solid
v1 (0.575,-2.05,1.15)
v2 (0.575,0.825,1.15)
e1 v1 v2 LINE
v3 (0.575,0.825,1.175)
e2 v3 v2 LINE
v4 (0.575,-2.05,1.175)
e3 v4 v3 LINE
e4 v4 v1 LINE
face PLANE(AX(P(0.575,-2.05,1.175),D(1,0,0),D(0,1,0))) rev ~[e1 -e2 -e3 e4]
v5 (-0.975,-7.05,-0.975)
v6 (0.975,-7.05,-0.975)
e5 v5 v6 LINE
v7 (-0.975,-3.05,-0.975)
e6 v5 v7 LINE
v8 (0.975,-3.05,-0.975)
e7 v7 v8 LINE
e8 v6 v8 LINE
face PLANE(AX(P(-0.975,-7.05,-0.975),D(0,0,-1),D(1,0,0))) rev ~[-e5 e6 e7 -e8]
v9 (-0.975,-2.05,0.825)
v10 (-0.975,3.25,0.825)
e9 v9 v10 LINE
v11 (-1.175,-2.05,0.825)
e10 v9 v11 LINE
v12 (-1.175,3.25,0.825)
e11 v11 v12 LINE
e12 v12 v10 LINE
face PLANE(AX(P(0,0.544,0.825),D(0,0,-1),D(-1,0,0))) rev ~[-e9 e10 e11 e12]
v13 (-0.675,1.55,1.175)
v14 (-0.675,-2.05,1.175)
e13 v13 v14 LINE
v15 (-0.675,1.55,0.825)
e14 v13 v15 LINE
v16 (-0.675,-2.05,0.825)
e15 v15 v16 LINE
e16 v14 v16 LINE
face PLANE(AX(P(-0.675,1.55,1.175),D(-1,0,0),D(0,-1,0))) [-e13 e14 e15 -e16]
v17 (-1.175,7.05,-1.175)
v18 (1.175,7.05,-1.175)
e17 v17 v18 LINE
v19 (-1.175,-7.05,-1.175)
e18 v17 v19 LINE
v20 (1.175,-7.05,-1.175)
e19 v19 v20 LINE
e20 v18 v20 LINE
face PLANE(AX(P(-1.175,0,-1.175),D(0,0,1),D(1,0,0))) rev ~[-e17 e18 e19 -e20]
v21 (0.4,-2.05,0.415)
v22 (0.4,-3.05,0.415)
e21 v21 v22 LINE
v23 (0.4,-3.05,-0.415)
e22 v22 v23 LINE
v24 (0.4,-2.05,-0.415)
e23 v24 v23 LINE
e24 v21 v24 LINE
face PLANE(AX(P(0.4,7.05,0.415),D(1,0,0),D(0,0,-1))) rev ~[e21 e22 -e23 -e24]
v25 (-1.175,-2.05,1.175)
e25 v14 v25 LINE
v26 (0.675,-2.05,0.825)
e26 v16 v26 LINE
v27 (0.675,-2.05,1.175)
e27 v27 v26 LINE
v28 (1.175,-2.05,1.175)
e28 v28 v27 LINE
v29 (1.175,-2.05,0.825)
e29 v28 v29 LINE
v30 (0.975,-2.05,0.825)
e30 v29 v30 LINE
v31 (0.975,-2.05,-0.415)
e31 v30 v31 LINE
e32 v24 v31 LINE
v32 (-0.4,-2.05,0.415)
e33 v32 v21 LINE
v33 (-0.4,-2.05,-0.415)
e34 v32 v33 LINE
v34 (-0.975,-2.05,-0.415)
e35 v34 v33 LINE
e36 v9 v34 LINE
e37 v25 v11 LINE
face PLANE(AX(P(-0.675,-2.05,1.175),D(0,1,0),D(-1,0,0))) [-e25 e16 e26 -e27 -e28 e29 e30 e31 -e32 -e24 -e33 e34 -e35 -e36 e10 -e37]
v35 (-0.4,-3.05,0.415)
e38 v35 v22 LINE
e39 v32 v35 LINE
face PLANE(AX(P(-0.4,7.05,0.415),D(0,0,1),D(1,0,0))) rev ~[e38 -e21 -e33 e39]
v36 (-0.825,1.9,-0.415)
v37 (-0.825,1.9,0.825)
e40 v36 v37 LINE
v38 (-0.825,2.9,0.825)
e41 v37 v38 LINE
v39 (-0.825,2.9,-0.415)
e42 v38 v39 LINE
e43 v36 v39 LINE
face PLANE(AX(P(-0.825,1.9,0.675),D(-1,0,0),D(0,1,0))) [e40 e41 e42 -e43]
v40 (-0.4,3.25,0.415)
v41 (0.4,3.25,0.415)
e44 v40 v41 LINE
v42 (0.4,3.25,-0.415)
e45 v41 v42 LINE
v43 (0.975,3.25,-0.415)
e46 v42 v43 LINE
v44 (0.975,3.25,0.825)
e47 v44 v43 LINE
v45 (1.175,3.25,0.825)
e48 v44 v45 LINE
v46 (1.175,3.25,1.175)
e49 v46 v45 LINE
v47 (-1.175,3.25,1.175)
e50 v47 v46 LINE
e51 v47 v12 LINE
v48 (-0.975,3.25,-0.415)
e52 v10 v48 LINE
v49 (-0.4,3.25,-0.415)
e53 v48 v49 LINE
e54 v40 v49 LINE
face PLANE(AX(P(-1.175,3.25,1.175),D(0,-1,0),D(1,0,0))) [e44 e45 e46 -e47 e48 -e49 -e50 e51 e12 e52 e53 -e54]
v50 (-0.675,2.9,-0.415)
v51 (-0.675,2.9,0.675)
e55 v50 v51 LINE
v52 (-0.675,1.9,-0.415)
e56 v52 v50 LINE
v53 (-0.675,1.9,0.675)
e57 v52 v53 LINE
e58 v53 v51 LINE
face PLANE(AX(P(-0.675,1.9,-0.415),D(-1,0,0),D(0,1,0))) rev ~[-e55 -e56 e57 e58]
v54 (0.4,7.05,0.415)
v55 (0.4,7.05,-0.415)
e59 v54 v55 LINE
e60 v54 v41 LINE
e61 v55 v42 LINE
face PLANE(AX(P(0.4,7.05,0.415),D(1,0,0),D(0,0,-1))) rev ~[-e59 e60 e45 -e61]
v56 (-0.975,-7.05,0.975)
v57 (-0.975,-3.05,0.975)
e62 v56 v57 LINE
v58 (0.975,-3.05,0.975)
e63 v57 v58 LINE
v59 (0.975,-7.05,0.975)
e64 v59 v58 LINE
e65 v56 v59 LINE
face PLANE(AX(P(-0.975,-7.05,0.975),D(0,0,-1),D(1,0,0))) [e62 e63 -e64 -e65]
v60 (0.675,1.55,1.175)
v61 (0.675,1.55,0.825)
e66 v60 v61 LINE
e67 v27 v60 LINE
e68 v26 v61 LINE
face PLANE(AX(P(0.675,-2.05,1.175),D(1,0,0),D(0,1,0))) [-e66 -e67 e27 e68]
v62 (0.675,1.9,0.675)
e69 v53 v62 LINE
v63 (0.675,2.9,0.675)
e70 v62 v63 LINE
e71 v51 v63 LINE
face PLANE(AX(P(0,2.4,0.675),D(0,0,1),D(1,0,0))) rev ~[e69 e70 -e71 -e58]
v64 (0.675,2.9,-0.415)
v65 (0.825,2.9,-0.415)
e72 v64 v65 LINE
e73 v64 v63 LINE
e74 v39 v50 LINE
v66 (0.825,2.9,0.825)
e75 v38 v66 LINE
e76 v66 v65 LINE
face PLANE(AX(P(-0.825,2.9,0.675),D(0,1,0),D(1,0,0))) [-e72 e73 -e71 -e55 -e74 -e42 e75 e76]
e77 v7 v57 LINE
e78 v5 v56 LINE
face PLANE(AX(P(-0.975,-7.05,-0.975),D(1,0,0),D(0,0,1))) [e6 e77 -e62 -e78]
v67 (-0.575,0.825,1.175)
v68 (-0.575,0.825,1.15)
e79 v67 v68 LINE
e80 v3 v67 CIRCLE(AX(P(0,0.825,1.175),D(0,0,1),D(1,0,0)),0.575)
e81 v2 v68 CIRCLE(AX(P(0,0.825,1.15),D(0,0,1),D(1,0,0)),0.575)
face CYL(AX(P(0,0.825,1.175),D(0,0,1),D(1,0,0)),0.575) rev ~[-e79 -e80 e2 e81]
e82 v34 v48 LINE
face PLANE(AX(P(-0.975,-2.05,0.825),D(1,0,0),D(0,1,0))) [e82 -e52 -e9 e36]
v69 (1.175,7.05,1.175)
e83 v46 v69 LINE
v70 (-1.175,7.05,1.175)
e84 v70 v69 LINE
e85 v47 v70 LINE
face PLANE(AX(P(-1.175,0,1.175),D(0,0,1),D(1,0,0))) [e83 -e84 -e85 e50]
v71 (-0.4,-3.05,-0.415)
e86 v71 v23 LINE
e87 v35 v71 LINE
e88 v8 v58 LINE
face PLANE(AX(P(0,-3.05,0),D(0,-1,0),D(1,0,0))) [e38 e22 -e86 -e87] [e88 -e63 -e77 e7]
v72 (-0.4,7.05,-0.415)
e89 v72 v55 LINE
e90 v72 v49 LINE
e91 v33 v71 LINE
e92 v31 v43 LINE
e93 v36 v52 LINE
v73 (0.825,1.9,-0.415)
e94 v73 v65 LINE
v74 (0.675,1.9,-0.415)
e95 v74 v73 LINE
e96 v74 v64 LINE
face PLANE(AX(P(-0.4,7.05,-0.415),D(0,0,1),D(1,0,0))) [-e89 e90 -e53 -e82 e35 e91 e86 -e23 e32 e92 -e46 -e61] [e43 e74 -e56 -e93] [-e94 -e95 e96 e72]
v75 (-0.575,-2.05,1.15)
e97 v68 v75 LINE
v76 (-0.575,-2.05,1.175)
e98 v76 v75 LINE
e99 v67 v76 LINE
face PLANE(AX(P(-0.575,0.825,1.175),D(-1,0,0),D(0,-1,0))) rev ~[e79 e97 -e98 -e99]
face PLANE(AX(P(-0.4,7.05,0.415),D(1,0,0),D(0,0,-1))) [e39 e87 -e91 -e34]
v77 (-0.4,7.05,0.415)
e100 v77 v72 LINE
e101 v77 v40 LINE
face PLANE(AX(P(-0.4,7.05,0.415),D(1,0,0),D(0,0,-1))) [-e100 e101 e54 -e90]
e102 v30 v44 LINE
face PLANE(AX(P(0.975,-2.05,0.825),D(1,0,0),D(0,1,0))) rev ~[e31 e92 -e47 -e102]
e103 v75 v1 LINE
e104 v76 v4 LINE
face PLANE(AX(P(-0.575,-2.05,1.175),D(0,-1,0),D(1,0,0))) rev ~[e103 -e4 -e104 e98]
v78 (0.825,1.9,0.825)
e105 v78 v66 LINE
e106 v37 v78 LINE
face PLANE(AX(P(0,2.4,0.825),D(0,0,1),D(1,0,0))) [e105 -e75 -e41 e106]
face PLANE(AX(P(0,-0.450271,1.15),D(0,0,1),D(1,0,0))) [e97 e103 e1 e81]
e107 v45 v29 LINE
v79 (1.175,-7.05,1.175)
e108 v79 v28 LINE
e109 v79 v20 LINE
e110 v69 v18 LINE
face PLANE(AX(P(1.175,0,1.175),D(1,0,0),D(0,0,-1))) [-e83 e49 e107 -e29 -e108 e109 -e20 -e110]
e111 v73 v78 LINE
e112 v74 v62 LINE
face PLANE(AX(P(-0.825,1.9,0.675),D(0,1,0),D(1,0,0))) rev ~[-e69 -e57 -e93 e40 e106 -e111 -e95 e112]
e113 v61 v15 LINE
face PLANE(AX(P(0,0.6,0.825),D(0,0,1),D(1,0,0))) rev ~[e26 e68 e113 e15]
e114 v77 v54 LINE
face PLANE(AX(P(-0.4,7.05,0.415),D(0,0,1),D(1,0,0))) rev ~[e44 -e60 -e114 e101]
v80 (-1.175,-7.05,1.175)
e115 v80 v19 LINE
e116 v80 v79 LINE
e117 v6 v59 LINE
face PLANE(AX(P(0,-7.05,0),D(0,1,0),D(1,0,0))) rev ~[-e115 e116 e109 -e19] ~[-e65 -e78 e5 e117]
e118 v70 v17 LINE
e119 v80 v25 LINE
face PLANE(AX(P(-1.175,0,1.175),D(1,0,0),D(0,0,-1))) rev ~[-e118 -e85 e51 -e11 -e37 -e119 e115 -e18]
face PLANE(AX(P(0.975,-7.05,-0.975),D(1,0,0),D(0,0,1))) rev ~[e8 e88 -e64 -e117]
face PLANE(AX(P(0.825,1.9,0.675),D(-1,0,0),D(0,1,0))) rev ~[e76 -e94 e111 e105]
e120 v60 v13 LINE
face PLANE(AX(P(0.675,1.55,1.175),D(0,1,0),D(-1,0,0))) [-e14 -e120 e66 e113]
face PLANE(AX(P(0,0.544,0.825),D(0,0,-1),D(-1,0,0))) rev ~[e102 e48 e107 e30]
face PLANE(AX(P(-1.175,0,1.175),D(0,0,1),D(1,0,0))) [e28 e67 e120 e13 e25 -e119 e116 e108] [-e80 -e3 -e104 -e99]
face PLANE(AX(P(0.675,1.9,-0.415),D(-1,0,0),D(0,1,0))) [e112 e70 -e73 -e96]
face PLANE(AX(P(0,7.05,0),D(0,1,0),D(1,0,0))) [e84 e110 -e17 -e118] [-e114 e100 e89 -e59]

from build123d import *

# Parameters (mm, degrees)
SKETCH2_W           = 2.35
SKETCH2_H           = 2.35
BOSS_EXTRUDE1_DEPTH = 7.05
PINHOLE_REACH       = 16.1
SKETCH3_W           = 0.8
SKETCH3_H           = 0.83
CUT_EXTRUDE2_DEPTH  = 0.35
SKETCH5_W           = 1.95
SKETCH5_H           = 5.3
CUT_EXTRUDE3_DEPTH  = 1.24
CUT_EXTRUDE5_DEPTH  = 0.025
SKETCH7_W           = 1.95
SKETCH7_H           = 1.95
CUT_EXTRUDE6_DEPTH  = 4
SKETCH9_W           = 0.15
SKETCH9_H           = 1
HOLDER_1_DEPTH      = 1.09
SKETCH10_W          = 1.65
SKETCH10_H          = 1
HOLDER_2_DEPTH      = 0.15


with BuildPart() as part:
    # Sketch2 → Boss-Extrude1 (new body, symmetric)
    with BuildSketch(Plane(origin=(0, 0, 0), x_dir=(1, 0, 0), z_dir=(0, 1, 0))):
        Rectangle(SKETCH2_W, SKETCH2_H)
    extrude(amount=BOSS_EXTRUDE1_DEPTH, both=True)

    # Sketch3 → Pinhole (cut, up to next)
    with BuildSketch(Plane(origin=(0, 7.05, 0), x_dir=(1, 0, 0), z_dir=(0, 1, 0)), mode=Mode.PRIVATE) as pinhole_sk1:
        Rectangle(SKETCH3_W, SKETCH3_H)
    pinhole_tool1 = extrude(pinhole_sk1.sketch, amount=-PINHOLE_REACH, mode=Mode.PRIVATE) & part.part
    add(pinhole_tool1.solids().sort_by_distance((0, 7.05, 0))[0], mode=Mode.SUBTRACT)

    # Sketch4 → Cut-Extrude2 (cut)
    with BuildSketch(Plane.XY.offset(1.175)):
        Polygon((-1.175, 3.25), (1.175, 3.25), (1.175, -2.05), (0.675, -2.05), (0.675, 1.55), (-0.675, 1.55), (-0.675, -2.05), (-1.175, -2.05), align=None)
    extrude(amount=-CUT_EXTRUDE2_DEPTH, mode=Mode.SUBTRACT)

    # Sketch5 → Cut-Extrude3 (cut)
    with BuildSketch(Plane.XY.offset(0.825)):
        with Locations((0, 0.6)):
            Rectangle(SKETCH5_W, SKETCH5_H)
    extrude(amount=-CUT_EXTRUDE3_DEPTH, mode=Mode.SUBTRACT)

    # Sketch6 → Cut-Extrude5 (cut)
    with BuildSketch(Plane.XY.offset(1.175)):
        with BuildLine():
            Line((-0.575, 0.825), (-0.575, -2.05))
            Line((-0.575, -2.05), (0.575, -2.05))
            Line((0.575, -2.05), (0.575, 0.825))
            ThreePointArc((0.575, 0.825), (0, 1.4), (-0.575, 0.825))
        make_face()
    extrude(amount=-CUT_EXTRUDE5_DEPTH, mode=Mode.SUBTRACT)

    # Sketch7 → Cut-Extrude6 (cut)
    with BuildSketch(Plane.XZ.offset(7.05)):
        Rectangle(SKETCH7_W, SKETCH7_H)
    extrude(amount=-CUT_EXTRUDE6_DEPTH, mode=Mode.SUBTRACT)

    # Sketch9 → Holder-1 (add)
    with BuildSketch(Plane.XY.offset(-0.415)):
        with Locations((-0.75, 2.4)):
            Rectangle(SKETCH9_W, SKETCH9_H)
        with Locations((0.75, 2.4)):
            Rectangle(SKETCH9_W, SKETCH9_H)
    extrude(amount=HOLDER_1_DEPTH)

    # Sketch10 → Holder-2 (add)
    with BuildSketch(Plane.XY.offset(0.675)):
        with Locations((0, 2.4)):
            Rectangle(SKETCH10_W, SKETCH10_H)
    extrude(amount=HOLDER_2_DEPTH)


solid = part.part
